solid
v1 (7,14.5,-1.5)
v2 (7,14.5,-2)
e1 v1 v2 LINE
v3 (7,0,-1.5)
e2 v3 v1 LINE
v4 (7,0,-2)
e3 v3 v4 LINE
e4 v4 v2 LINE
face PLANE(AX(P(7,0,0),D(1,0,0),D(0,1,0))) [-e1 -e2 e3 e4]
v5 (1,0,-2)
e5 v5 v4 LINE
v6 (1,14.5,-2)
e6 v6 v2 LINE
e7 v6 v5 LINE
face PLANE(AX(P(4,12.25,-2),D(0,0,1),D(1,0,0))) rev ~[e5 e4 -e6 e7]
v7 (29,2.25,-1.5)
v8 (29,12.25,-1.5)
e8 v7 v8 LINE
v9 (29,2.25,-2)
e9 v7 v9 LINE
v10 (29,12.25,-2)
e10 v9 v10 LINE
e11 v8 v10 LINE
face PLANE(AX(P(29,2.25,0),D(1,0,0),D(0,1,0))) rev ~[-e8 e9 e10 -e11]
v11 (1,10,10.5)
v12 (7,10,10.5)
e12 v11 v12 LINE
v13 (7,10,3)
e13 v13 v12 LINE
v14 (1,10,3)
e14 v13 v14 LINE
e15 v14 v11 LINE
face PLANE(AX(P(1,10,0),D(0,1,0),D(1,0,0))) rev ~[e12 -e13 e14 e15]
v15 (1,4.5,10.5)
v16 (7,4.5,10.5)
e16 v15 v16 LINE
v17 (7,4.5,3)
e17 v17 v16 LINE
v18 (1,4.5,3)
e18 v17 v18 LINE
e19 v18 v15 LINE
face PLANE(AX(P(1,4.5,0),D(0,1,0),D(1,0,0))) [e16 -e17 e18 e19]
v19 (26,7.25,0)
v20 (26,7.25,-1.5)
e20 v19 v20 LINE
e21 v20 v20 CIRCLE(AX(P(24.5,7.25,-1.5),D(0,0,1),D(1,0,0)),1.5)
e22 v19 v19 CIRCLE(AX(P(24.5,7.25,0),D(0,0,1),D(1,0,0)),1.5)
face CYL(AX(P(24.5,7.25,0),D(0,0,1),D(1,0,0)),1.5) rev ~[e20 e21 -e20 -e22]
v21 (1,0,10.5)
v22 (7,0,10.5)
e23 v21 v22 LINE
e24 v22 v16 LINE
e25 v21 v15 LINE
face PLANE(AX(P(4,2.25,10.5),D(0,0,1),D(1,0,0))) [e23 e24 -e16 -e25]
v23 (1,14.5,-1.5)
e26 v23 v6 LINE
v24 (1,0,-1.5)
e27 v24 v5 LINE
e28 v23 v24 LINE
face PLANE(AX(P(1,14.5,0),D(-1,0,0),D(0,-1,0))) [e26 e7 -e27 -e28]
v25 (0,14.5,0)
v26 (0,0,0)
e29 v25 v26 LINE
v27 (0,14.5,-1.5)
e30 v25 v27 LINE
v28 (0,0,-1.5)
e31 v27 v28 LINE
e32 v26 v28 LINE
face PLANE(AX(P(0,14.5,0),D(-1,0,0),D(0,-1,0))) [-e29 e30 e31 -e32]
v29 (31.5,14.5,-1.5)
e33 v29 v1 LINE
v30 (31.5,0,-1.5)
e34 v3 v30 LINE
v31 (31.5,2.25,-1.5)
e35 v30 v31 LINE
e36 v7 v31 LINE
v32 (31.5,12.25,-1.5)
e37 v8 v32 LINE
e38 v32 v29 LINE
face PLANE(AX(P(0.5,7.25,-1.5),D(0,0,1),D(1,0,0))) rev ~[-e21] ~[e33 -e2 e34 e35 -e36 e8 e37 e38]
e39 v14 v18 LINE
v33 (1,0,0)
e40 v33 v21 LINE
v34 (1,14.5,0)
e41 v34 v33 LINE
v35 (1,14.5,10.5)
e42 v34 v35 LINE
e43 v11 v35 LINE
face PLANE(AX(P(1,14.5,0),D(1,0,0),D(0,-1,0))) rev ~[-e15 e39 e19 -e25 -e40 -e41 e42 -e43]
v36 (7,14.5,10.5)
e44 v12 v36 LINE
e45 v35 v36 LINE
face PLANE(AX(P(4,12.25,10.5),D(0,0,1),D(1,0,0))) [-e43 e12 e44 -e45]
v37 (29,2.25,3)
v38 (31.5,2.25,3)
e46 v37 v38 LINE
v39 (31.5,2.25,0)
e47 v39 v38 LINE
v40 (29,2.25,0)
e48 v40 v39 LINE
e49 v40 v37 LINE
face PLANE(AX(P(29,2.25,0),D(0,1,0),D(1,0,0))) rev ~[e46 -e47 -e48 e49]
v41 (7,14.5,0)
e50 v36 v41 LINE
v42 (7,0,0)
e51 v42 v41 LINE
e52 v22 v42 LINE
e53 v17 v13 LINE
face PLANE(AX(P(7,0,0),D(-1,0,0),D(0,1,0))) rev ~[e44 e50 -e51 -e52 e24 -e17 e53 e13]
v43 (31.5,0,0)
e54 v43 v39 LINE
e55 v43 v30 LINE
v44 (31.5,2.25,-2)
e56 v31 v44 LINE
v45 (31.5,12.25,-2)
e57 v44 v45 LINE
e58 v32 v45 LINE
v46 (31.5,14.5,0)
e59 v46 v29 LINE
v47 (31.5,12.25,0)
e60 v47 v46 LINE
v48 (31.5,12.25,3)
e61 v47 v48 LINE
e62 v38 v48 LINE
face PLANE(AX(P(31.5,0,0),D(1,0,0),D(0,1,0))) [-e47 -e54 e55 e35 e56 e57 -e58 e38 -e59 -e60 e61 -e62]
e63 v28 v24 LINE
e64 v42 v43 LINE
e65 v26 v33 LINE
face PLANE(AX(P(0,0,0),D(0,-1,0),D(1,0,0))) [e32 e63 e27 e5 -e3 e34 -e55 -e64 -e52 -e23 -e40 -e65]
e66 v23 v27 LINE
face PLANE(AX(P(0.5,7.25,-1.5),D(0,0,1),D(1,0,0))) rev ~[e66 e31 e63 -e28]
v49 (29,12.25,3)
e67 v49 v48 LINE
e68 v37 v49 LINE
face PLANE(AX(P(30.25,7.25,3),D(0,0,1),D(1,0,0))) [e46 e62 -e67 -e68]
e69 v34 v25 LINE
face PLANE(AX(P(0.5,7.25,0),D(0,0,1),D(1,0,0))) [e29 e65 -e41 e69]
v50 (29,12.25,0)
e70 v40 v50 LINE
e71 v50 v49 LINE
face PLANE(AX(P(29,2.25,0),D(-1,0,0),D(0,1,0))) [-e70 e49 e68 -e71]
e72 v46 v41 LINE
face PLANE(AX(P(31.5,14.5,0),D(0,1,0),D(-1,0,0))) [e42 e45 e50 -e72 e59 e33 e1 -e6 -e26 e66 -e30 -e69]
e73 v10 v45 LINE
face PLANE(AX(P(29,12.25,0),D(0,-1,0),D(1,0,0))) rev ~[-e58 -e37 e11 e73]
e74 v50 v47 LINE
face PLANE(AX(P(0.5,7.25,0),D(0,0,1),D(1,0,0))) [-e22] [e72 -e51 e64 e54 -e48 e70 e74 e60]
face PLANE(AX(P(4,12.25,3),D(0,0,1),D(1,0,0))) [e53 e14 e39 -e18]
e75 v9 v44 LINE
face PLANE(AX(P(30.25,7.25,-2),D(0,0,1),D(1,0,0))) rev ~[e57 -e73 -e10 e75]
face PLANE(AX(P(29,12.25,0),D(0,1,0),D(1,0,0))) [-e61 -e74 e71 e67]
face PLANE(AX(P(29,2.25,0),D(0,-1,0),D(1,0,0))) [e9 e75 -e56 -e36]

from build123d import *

# Parameters (mm, degrees)
F0_W     = 6
F0_H     = 4.5
F0_H_2   = 5.5
F0_R     = 1.5
F0_W_2   = 2.5
F0_H_3   = 10
F1_DEPTH = 1.5
F2_DEPTH = 3
F3_DEPTH = 10.5
F4_DEPTH = 2


with BuildPart() as f1:
    # F0 (on Top) → F1 (new body)
    with BuildSketch(Plane.XY):
        Polygon((0, 14.5), (0, 0), (1, 0), (1, 4.5), (1, 10), (1, 14.5), align=None)
        with Locations((4, 12.25)):
            Rectangle(F0_W, F0_H)
        with Locations((4, 7.25)):
            Rectangle(F0_W, F0_H_2)
        with Locations((4, 2.25)):
            Rectangle(F0_W, F0_H)
        Polygon((7, 4.5), (7, 0), (31.5, 0), (31.5, 2.25), (29, 2.25), (29, 12.25), (31.5, 12.25), (31.5, 14.5), (7, 14.5), (7, 10), align=None)
        with Locations((24.5, 7.25)):
            Circle(F0_R, mode=Mode.SUBTRACT)
        with Locations((30.25, 7.25)):
            Rectangle(F0_W_2, F0_H_3)
    extrude(amount=-F1_DEPTH)

    # F0 (on Top) → F2 (join)
    with BuildSketch(Plane.XY):
        with Locations((30.25, 7.25)):
            Rectangle(F0_W_2, F0_H_3)
        with Locations((4, 12.25)):
            Rectangle(F0_W, F0_H)
        with Locations((4, 7.25)):
            Rectangle(F0_W, F0_H_2)
        with Locations((4, 2.25)):
            Rectangle(F0_W, F0_H)
    extrude(amount=F2_DEPTH)

    # F0 (on Top) → F3 (join)
    with BuildSketch(Plane.XY):
        with Locations((4, 12.25)):
            Rectangle(F0_W, F0_H)
        with Locations((4, 2.25)):
            Rectangle(F0_W, F0_H)
    extrude(amount=F3_DEPTH)

    # F0 (on Top) → F4 (join)
    with BuildSketch(Plane.XY):
        with Locations((4, 12.25)):
            Rectangle(F0_W, F0_H)
        with Locations((4, 7.25)):
            Rectangle(F0_W, F0_H_2)
        with Locations((4, 2.25)):
            Rectangle(F0_W, F0_H)
        with Locations((30.25, 7.25)):
            Rectangle(F0_W_2, F0_H_3)
    extrude(amount=-F4_DEPTH)


solid = f1.part
